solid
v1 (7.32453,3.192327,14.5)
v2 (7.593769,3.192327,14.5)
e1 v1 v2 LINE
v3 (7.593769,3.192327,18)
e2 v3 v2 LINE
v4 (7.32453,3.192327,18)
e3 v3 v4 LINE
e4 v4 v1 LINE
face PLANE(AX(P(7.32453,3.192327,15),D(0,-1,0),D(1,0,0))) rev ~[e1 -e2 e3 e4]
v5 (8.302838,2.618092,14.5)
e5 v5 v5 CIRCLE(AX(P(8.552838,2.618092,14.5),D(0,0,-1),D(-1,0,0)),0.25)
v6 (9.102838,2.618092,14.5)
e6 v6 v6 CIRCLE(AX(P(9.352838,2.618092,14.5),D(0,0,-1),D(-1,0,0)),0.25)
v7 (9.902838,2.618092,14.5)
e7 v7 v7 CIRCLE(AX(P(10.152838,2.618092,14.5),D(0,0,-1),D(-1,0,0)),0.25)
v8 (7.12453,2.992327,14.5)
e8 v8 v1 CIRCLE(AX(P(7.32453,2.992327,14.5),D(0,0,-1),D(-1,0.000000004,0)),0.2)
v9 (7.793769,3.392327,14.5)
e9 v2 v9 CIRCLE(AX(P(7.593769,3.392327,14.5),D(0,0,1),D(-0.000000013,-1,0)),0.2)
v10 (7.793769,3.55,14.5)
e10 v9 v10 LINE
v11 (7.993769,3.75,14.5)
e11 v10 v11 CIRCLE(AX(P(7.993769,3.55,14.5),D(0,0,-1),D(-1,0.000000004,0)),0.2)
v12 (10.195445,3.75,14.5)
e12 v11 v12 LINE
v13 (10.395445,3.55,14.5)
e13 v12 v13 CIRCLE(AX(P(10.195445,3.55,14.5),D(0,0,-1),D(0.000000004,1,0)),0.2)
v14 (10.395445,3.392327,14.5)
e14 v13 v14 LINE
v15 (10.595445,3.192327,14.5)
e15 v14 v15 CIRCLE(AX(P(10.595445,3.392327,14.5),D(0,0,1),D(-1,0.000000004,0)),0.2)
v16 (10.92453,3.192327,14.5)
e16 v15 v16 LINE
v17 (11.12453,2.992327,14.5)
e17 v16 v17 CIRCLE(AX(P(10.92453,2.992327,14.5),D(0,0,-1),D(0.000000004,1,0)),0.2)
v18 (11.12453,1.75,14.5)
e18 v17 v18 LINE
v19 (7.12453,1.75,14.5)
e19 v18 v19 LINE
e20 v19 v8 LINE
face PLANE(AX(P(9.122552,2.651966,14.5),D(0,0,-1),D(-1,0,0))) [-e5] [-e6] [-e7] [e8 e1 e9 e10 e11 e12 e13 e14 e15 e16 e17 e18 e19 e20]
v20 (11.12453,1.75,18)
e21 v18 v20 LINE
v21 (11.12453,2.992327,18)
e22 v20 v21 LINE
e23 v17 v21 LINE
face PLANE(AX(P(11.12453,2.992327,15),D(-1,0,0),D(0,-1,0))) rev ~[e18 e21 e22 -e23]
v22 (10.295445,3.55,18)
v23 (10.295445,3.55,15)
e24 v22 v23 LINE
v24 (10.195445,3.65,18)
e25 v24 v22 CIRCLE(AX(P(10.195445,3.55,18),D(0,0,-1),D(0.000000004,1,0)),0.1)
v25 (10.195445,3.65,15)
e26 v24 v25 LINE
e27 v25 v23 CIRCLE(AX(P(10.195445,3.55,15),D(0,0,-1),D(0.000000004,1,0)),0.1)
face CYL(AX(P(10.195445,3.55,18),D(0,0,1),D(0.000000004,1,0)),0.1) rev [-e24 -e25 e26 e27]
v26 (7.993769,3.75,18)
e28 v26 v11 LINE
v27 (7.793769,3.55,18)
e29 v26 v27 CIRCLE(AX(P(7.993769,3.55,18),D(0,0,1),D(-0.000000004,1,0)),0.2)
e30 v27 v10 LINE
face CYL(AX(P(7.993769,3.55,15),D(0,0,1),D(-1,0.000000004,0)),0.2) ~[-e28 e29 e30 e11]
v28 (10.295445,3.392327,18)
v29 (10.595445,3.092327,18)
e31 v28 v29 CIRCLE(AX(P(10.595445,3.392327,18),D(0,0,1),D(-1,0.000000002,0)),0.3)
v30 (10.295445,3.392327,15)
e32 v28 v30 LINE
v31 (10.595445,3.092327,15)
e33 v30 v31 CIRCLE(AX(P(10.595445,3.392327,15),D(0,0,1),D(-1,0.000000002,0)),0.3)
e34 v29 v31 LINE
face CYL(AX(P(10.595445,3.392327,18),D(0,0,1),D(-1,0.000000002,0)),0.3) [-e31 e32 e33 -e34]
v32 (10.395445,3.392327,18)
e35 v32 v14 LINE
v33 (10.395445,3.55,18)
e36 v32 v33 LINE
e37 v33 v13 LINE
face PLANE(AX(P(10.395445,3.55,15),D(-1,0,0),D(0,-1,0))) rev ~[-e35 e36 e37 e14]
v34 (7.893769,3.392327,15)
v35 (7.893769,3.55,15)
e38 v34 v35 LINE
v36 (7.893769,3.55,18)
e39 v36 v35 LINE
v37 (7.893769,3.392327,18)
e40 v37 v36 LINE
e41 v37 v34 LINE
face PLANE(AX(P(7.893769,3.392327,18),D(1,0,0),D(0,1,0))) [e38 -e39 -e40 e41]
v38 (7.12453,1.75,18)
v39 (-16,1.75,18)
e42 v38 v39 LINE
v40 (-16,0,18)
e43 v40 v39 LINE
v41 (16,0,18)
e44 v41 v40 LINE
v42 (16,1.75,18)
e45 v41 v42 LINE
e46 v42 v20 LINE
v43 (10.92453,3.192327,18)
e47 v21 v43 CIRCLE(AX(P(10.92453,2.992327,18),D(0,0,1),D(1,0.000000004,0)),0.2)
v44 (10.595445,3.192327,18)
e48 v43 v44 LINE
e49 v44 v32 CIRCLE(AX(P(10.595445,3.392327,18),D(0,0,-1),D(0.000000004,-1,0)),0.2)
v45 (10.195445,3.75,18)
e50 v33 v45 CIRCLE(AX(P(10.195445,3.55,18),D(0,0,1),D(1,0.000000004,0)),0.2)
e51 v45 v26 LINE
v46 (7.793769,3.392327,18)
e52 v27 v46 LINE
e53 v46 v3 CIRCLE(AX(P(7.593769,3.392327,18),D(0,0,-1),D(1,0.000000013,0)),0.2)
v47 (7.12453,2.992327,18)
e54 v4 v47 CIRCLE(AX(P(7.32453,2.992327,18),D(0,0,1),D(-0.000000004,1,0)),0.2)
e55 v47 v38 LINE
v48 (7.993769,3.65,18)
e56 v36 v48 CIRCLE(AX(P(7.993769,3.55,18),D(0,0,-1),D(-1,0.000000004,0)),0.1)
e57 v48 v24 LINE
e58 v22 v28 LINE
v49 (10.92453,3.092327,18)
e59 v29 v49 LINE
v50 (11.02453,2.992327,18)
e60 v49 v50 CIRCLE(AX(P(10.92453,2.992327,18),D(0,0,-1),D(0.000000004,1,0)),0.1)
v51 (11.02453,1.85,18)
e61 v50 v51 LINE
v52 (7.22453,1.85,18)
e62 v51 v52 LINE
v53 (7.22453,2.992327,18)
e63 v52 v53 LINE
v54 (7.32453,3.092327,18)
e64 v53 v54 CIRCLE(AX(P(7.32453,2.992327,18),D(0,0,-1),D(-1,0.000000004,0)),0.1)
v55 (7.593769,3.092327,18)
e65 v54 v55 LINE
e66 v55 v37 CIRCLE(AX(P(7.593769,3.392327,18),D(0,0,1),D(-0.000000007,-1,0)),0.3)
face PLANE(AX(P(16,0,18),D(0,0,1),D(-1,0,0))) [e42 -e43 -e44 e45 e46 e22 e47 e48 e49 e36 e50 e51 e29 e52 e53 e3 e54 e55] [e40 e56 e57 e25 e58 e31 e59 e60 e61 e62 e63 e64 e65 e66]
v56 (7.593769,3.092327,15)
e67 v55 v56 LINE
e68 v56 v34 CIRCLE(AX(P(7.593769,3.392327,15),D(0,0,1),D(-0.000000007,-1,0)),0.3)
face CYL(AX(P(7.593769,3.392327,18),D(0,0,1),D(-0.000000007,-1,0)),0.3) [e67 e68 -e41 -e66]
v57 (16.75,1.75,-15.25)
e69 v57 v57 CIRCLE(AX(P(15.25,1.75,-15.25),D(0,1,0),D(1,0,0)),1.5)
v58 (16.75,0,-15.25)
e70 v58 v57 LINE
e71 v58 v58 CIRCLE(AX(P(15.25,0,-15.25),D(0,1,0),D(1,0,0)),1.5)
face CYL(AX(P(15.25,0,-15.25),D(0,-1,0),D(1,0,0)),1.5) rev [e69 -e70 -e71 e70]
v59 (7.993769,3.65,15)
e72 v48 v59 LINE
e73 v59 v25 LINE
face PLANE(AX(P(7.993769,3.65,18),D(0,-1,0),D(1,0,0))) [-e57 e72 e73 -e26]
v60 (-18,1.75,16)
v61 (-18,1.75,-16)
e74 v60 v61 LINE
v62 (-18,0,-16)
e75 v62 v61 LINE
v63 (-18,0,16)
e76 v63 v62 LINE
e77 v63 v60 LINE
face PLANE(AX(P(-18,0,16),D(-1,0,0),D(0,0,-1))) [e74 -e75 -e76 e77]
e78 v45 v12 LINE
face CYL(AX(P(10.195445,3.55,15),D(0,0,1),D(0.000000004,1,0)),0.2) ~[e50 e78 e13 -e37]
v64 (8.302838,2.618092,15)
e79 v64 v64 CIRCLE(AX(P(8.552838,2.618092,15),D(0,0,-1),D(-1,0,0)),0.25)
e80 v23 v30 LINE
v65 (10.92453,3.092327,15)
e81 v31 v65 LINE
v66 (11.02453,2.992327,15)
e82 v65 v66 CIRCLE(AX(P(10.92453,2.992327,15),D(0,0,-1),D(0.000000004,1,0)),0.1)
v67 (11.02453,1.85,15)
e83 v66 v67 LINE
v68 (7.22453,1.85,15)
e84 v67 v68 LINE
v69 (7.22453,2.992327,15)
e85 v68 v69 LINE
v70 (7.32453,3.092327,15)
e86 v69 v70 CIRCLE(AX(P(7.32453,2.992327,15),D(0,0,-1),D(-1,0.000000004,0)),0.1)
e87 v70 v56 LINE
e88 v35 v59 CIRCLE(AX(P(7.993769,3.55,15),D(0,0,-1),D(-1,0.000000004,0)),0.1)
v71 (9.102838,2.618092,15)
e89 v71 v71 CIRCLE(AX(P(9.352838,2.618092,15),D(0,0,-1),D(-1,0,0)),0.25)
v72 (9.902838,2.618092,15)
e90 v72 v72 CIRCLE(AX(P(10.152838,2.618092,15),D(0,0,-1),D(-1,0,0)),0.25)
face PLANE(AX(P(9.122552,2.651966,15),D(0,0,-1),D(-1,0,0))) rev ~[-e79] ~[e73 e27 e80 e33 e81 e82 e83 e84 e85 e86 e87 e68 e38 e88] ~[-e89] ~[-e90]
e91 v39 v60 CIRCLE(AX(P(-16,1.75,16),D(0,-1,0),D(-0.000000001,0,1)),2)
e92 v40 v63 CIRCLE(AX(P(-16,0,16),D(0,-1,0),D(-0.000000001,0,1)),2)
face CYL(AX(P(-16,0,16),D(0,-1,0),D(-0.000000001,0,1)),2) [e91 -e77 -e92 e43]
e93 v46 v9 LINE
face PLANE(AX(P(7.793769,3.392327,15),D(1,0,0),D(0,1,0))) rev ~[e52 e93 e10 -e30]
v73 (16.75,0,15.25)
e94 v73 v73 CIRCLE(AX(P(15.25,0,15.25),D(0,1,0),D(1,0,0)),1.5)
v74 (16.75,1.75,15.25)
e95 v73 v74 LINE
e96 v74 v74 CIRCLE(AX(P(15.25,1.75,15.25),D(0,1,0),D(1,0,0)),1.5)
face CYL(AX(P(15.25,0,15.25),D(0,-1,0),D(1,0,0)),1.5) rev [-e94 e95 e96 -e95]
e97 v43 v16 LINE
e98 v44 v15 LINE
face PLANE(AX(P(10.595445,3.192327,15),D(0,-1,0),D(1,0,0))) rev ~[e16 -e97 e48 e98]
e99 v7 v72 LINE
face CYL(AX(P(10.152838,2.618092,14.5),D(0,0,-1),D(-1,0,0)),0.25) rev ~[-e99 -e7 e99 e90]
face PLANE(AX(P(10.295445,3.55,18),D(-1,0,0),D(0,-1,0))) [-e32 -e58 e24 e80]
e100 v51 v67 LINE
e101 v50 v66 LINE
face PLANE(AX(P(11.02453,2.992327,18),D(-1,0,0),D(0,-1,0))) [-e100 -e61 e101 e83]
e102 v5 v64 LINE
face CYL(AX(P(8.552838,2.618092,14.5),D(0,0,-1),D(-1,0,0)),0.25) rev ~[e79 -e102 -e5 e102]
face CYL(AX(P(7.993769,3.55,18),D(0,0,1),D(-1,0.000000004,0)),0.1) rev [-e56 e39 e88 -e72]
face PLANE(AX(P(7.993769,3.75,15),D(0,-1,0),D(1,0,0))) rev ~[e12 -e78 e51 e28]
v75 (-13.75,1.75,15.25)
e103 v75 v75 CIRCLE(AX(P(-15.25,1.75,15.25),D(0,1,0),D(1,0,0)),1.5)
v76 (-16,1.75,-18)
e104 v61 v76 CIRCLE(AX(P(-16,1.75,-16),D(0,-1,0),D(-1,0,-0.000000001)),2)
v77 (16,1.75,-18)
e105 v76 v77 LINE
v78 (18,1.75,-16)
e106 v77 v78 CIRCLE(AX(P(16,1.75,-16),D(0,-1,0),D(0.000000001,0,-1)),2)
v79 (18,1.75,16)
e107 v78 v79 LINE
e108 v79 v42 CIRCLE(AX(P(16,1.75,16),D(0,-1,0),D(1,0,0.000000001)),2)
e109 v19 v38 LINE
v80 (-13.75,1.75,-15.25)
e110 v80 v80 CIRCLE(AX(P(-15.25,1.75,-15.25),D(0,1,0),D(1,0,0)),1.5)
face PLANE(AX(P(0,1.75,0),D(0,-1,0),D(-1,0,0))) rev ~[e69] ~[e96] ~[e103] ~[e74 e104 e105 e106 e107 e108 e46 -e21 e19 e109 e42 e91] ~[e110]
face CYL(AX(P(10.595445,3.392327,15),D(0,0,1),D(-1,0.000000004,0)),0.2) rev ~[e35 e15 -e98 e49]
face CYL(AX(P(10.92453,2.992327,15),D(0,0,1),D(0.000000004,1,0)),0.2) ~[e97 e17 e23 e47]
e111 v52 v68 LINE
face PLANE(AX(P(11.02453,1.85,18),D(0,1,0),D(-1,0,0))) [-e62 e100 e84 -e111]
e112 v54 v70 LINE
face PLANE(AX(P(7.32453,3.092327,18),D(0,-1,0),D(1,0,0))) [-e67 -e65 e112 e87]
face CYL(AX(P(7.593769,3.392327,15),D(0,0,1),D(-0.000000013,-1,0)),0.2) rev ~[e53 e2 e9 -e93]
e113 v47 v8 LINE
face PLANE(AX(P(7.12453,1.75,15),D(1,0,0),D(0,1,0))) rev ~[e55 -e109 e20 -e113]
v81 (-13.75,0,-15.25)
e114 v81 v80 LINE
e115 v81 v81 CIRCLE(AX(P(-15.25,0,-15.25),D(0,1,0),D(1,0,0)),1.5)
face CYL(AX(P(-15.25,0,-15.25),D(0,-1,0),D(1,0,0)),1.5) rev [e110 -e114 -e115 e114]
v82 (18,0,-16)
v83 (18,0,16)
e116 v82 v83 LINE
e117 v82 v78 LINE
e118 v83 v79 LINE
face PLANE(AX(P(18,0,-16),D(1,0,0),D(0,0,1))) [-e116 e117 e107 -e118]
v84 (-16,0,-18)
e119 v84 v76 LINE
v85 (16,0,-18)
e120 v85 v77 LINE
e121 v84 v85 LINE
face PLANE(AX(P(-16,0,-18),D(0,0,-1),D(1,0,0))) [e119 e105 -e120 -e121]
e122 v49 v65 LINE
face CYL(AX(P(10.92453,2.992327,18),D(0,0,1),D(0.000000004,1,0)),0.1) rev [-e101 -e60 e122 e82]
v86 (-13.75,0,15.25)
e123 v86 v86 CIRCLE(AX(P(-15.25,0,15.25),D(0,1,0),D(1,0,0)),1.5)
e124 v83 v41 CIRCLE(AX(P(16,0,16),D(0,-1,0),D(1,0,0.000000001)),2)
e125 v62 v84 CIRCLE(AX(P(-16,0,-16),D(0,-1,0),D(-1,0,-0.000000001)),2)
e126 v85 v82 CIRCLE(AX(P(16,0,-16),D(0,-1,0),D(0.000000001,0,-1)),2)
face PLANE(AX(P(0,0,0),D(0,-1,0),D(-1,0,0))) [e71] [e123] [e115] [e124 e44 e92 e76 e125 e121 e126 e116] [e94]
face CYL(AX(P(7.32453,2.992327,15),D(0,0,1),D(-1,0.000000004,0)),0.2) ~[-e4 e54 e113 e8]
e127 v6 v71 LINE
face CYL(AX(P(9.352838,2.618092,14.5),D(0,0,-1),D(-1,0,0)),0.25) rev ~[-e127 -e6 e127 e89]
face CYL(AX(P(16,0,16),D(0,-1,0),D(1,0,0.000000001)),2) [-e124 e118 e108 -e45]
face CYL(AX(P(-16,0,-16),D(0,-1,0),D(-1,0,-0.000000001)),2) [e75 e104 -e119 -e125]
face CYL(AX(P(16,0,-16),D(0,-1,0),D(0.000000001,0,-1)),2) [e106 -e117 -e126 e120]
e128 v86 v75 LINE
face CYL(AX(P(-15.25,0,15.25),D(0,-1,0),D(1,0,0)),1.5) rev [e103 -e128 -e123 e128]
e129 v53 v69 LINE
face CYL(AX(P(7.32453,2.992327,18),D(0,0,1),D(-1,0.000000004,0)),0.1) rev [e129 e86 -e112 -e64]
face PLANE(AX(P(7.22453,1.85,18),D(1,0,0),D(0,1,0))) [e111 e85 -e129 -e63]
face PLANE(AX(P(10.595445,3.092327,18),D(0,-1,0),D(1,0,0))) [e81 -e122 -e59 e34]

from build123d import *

# Parameters (mm, degrees)
SKETCH2_R           = 1.5
BOSS_EXTRUDE1_DEPTH = 1.75
BOSS_EXTRUDE2_DEPTH = 3
BOSS_EXTRUDE3_DEPTH = 0.5
SKETCH5_R           = 0.25
CUT_EXTRUDE1_DEPTH  = 4.5


with BuildPart() as part:
    # Sketch2 → Boss-Extrude1 (new body)
    with BuildSketch(Plane(origin=(0, 0, 0), x_dir=(1, 0, 0), z_dir=(0, 1, 0))):
        with BuildLine():
            Line((-16, 18), (16, 18))
            ThreePointArc((16, 18), (17.414213562, 17.414213562), (18, 16))
            Line((18, 16), (18, -16))
            ThreePointArc((18, -16), (17.414213562, -17.414213562), (16, -18))
            Line((16, -18), (-16, -18))
            ThreePointArc((-16, -18), (-17.414213562, -17.414213562), (-18, -16))
            Line((-18, -16), (-18, 16))
            ThreePointArc((-18, 16), (-17.414213562, 17.414213562), (-16, 18))
        make_face()
        with Locations((-15.25, 15.25)):
            Circle(SKETCH2_R, mode=Mode.SUBTRACT)
        with Locations((15.25, 15.25)):
            Circle(SKETCH2_R, mode=Mode.SUBTRACT)
        with Locations((15.25, -15.25)):
            Circle(SKETCH2_R, mode=Mode.SUBTRACT)
        with Locations((-15.25, -15.25)):
            Circle(SKETCH2_R, mode=Mode.SUBTRACT)
    extrude(amount=BOSS_EXTRUDE1_DEPTH)

    # Sketch3 → Boss-Extrude2 (add)
    with BuildSketch(Plane.XY.offset(18)):
        with BuildLine():
            Line((7.124530098, 1.75), (11.124530098, 1.75))
            Line((11.124530098, 1.75), (11.124530098, 2.99232659))
            ThreePointArc((11.124530098, 2.99232659), (11.065951454, 3.133747946), (10.924530098, 3.19232659))
            Line((10.924530098, 3.19232659), (10.595445321, 3.19232659))
            ThreePointArc((10.595445321, 3.19232659), (10.454023965, 3.250905233), (10.395445321, 3.39232659))
            Line((10.395445321, 3.39232659), (10.395445321, 3.55))
            ThreePointArc((10.395445321, 3.55), (10.336866677, 3.691421356), (10.195445321, 3.75))
            Line((10.195445321, 3.75), (7.993768929, 3.75))
            ThreePointArc((7.993768929, 3.75), (7.852347573, 3.691421356), (7.793768929, 3.55))
            Line((7.793768929, 3.55), (7.793768929, 3.39232659))
            ThreePointArc((7.793768929, 3.39232659), (7.735190286, 3.250905233), (7.593768929, 3.19232659))
            Line((7.593768929, 3.19232659), (7.324530098, 3.19232659))
            ThreePointArc((7.324530098, 3.19232659), (7.183108742, 3.133747946), (7.124530098, 2.99232659))
            Line((7.124530098, 2.99232659), (7.124530098, 1.75))
        make_face()
        with BuildLine():
            Line((7.993768929, 3.65), (10.195445321, 3.65))
            ThreePointArc((10.195445321, 3.65), (10.266155999, 3.620710678), (10.295445321, 3.55))
            Line((10.295445321, 3.55), (10.295445321, 3.39232659))
            ThreePointArc((10.295445321, 3.39232659), (10.383313287, 3.180194555), (10.595445321, 3.09232659))
            Line((10.595445321, 3.09232659), (10.924530098, 3.09232659))
            ThreePointArc((10.924530098, 3.09232659), (10.995240776, 3.063037268), (11.024530098, 2.99232659))
            Line((11.024530098, 2.99232659), (11.024530098, 1.85))
            Line((11.024530098, 1.85), (7.224530098, 1.85))
            Line((7.224530098, 1.85), (7.224530098, 2.99232659))
            ThreePointArc((7.224530098, 2.99232659), (7.25381942, 3.063037268), (7.324530098, 3.09232659))
            Line((7.324530098, 3.09232659), (7.593768929, 3.09232659))
            ThreePointArc((7.593768929, 3.09232659), (7.805900964, 3.180194555), (7.893768929, 3.39232659))
            Line((7.893768929, 3.39232659), (7.893768929, 3.55))
            ThreePointArc((7.893768929, 3.55), (7.923058251, 3.620710678), (7.993768929, 3.65))
        make_face(mode=Mode.SUBTRACT)
    extrude(amount=-BOSS_EXTRUDE2_DEPTH)

    # Sketch4 → Boss-Extrude3 (add)
    with BuildSketch(Plane(origin=(0, 0, 15), x_dir=(-1, 0, 0), z_dir=(0, 0, -1))):
        with BuildLine():
            Line((-7.124530098, 1.75), (-7.124530098, 2.99232659))
            ThreePointArc((-7.124530098, 2.99232659), (-7.183108742, 3.133747946), (-7.324530098, 3.19232659))
            Line((-7.324530098, 3.19232659), (-7.593768929, 3.19232659))
            ThreePointArc((-7.593768929, 3.19232659), (-7.735190286, 3.250905233), (-7.793768929, 3.39232659))
            Line((-7.793768929, 3.39232659), (-7.793768929, 3.55))
            ThreePointArc((-7.793768929, 3.55), (-7.852347573, 3.691421356), (-7.993768929, 3.75))
            Line((-7.993768929, 3.75), (-10.195445321, 3.75))
            ThreePointArc((-10.195445321, 3.75), (-10.336866677, 3.691421356), (-10.395445321, 3.55))
            Line((-10.395445321, 3.55), (-10.395445321, 3.39232659))
            ThreePointArc((-10.395445321, 3.39232659), (-10.454023965, 3.250905233), (-10.595445321, 3.19232659))
            Line((-10.595445321, 3.19232659), (-10.924530098, 3.19232659))
            ThreePointArc((-10.924530098, 3.19232659), (-11.065951454, 3.133747946), (-11.124530098, 2.99232659))
            Line((-11.124530098, 2.99232659), (-11.124530098, 1.75))
            Line((-11.124530098, 1.75), (-7.124530098, 1.75))
        make_face()
    extrude(amount=BOSS_EXTRUDE3_DEPTH)

    # Sketch5 → Cut-Extrude1 (cut, through all)
    with BuildSketch(Plane(origin=(0, 0, 14.5), x_dir=(-1, 0, 0), z_dir=(0, 0, -1))):
        with Locations((-10.152838139, 2.618092042)):
            Circle(SKETCH5_R)
        with Locations((-9.352838139, 2.618092042)):
            Circle(SKETCH5_R)
        with Locations((-8.552838139, 2.618092042)):
            Circle(SKETCH5_R)
    extrude(amount=-CUT_EXTRUDE1_DEPTH, mode=Mode.SUBTRACT)


solid = part.part
